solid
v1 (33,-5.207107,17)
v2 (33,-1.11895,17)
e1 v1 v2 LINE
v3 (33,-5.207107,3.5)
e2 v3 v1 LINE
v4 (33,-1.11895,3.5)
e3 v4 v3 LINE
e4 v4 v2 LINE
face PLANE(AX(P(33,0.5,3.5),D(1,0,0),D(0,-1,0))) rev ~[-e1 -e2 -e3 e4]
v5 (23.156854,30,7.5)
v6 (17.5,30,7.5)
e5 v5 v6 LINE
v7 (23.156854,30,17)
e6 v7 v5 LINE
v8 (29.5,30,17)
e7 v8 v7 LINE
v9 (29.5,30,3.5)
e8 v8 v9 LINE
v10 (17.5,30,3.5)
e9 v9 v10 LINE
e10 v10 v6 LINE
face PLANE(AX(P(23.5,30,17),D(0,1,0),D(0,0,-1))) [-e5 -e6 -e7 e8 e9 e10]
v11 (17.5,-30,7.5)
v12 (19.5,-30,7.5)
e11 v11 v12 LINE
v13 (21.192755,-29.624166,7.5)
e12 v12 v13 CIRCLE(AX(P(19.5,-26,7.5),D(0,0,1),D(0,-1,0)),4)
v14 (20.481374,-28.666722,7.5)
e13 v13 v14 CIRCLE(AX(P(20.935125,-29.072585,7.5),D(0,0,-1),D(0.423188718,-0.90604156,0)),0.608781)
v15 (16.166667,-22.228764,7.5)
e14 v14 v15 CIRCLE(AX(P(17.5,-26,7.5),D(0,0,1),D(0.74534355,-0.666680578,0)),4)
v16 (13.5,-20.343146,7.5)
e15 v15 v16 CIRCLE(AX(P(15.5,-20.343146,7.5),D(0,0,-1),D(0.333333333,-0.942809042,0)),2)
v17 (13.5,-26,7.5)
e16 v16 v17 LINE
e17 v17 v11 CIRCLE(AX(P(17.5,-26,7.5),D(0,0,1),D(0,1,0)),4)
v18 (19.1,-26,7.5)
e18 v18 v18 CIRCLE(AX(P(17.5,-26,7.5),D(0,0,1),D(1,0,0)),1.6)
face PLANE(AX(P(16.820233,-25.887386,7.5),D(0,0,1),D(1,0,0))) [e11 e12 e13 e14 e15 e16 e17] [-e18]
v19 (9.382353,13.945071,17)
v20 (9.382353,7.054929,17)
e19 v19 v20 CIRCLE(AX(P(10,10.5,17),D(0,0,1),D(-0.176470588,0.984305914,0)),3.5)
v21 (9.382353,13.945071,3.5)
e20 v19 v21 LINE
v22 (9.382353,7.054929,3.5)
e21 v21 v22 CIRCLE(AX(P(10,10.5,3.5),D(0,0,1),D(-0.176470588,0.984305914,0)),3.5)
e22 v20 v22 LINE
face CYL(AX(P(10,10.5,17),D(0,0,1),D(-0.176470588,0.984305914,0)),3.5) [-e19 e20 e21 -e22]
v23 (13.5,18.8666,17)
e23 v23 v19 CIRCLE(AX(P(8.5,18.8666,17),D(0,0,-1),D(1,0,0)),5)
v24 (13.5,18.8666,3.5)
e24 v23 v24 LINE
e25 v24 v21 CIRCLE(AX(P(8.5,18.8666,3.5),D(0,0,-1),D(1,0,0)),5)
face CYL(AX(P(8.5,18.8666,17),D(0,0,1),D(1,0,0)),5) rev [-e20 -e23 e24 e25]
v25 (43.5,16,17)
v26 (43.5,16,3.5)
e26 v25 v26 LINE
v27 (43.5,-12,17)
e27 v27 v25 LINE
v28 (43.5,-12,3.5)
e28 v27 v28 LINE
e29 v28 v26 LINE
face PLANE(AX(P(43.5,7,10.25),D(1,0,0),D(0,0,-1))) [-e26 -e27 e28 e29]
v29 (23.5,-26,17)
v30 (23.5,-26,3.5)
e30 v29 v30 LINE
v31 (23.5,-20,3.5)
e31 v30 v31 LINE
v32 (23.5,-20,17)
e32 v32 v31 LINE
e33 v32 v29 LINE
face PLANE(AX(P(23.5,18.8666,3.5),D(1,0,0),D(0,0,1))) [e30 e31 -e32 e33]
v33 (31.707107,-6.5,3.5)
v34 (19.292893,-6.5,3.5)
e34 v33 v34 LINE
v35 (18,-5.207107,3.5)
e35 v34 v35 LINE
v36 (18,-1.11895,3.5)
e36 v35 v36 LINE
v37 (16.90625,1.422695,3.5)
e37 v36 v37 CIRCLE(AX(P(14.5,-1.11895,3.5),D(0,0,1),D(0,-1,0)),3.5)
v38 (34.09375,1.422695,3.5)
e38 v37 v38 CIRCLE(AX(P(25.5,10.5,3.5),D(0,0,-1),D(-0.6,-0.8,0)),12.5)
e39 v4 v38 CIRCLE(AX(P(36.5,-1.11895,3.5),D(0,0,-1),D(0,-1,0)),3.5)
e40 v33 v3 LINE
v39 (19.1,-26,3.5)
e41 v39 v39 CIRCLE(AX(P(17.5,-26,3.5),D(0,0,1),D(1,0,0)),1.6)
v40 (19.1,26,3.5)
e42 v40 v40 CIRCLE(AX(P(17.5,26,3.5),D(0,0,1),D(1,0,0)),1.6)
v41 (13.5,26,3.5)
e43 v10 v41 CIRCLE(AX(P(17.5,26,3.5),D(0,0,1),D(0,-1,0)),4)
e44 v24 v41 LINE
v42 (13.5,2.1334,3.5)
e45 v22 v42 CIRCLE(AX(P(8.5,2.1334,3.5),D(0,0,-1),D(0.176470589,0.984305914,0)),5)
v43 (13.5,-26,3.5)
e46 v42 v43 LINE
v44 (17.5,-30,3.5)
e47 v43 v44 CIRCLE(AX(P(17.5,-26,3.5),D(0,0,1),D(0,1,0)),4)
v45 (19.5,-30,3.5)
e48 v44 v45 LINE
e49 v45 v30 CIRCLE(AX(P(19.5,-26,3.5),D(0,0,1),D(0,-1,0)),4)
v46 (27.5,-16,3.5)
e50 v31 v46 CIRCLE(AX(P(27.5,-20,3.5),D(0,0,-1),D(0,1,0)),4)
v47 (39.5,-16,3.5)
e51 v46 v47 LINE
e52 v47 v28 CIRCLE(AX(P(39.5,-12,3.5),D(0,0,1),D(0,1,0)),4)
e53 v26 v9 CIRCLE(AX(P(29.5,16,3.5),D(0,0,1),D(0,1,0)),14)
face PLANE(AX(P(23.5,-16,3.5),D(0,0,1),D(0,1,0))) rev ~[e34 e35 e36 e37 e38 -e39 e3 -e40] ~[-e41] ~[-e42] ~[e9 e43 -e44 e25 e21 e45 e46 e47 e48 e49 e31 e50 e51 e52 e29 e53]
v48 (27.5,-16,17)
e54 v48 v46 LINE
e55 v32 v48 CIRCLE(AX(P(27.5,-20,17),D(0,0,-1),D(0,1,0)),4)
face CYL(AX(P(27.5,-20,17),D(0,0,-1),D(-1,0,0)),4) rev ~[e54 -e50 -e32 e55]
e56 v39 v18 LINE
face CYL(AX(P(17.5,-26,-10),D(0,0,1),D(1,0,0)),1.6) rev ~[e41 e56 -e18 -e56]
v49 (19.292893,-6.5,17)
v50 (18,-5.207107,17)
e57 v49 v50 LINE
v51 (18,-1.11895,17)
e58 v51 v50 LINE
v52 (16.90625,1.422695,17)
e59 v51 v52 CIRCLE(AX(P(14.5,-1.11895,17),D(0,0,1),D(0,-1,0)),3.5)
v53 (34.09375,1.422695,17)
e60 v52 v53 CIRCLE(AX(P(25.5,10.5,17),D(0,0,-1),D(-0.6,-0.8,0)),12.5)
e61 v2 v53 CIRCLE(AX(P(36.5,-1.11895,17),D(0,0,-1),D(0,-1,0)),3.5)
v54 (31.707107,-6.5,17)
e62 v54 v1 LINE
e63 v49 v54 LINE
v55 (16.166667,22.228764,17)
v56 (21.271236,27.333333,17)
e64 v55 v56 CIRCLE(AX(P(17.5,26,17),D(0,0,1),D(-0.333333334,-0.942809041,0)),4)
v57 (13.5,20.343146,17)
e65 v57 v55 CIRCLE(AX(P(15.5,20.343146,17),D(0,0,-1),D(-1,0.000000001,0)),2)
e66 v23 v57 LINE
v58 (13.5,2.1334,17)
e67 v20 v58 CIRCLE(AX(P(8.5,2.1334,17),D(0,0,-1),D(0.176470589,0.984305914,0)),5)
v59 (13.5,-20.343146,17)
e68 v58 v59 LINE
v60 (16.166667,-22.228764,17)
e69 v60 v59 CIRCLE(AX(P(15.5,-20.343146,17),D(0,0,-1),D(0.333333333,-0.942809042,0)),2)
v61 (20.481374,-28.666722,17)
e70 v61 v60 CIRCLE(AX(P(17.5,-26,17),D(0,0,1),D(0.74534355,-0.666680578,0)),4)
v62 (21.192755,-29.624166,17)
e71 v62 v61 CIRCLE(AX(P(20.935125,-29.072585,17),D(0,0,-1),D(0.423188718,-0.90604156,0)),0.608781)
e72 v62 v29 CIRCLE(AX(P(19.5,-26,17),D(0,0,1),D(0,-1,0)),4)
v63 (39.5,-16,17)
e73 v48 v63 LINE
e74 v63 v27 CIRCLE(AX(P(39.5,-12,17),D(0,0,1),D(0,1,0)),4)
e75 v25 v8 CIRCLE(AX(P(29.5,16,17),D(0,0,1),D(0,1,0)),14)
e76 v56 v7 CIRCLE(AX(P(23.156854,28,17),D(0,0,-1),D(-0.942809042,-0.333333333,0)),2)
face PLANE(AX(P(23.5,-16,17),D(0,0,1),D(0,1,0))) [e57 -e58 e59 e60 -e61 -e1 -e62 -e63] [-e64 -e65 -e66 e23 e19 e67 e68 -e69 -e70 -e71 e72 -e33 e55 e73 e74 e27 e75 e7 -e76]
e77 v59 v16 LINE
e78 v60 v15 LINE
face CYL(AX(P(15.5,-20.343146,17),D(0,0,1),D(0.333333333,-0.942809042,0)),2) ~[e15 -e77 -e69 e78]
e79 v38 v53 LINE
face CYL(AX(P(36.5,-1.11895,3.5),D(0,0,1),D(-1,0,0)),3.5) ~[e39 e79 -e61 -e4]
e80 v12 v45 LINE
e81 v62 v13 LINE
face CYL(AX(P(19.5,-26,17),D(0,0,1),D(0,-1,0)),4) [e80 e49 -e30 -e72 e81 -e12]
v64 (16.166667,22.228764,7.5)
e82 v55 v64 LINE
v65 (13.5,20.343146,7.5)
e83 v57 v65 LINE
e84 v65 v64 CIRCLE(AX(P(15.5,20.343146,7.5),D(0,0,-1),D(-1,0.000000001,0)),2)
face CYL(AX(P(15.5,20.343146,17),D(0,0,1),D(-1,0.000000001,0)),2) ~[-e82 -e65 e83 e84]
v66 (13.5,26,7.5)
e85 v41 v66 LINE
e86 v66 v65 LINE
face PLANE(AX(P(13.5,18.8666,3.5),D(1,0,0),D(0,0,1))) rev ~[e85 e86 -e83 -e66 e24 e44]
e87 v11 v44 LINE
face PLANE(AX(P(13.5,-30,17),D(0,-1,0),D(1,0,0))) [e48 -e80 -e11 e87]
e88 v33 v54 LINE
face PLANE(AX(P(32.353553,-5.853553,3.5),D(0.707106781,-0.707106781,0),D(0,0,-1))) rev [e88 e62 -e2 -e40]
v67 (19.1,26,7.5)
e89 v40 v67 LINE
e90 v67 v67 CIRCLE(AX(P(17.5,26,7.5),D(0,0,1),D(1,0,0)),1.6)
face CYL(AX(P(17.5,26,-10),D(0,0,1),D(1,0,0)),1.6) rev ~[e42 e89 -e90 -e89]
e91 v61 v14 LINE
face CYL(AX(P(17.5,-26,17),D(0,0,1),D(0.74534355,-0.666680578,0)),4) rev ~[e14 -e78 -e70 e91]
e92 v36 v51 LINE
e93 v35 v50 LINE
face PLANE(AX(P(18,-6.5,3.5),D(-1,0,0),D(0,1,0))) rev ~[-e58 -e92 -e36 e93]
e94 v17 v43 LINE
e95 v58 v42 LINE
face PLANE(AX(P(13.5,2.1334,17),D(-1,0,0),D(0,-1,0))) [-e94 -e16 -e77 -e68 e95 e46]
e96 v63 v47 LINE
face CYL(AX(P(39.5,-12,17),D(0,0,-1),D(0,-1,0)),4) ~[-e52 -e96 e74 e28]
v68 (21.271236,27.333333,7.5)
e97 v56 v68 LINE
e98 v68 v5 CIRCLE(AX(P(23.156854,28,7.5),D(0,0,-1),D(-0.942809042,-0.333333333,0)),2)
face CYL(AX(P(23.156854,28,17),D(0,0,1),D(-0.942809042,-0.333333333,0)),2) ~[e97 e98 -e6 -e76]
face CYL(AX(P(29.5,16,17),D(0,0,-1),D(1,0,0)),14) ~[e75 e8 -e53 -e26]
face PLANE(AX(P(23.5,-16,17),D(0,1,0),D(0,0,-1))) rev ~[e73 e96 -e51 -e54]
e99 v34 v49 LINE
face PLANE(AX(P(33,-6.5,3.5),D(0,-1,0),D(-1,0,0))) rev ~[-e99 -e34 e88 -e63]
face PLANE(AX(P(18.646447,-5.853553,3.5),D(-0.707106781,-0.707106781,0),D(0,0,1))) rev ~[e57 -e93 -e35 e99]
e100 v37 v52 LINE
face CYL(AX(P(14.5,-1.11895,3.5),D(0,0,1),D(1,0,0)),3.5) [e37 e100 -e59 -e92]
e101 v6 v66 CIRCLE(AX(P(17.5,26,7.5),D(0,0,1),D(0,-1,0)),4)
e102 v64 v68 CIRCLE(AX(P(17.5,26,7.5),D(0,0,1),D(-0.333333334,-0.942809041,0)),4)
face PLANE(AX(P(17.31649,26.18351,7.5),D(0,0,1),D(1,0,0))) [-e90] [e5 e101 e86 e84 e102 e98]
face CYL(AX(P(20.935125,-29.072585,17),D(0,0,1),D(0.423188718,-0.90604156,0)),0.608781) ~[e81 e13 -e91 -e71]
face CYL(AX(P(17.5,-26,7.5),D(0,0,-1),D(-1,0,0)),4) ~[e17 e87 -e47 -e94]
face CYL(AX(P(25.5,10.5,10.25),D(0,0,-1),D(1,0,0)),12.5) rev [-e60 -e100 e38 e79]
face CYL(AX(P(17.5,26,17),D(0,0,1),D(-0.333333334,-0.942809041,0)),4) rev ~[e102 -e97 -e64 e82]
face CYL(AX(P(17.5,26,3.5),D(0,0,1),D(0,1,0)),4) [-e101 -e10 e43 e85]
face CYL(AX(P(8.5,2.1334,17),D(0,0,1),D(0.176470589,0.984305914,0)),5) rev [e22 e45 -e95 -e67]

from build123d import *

# Parameters (mm, degrees)
EXTRUDE_1_DEPTH             = 13.5
CUT_EXTRUDE_1_DEPTH         = 9.5
SKETCH_3_W                  = 10
SKETCH_3_H                  = 13.5
EXTRUDE_2_DEPTH             = 11.133399735
SKETCH_4_W                  = 13.5
SKETCH_4_H                  = 46
EXTRUDE_3_DEPTH             = 20
CUT_EXTRUDE_2_DEPTH         = 9.5
CUT_EXTRUDE_3_DEPTH         = 55.538976888
SKETCH_7_W                  = 12.5
SKETCH_7_H                  = 13.5
HOLE_WIZARD_3_2_3_2_1_D     = 3.2
HOLE_WIZARD_3_2_3_2_1_DEPTH = 13.5
CHAMFER_1_SIZE              = 1.292893219
FILLET_1_R                  = 3.5
FILLET_2_R                  = 4
FILLET_3_R                  = 14


with BuildPart() as part:
    # 草图1 → 凸台-拉伸1 (new body)
    with BuildSketch(Plane.XY.offset(17)):
        with BuildLine():
            Line((13.5, -30), (19.5, -30))
            ThreePointArc((19.5, -30), (22.328427125, -28.828427125), (23.5, -26))
            Line((23.5, -26), (23.5, 18.866600265))
            Line((23.5, 18.866600265), (13.5, 18.866600265))
            ThreePointArc((13.5, 18.866600265), (12.334824944, 15.658155526), (9.382352941, 13.945070697))
            ThreePointArc((9.382352941, 13.945070697), (6.5, 10.5), (9.382352941, 7.054929303))
            ThreePointArc((9.382352941, 7.054929303), (12.334824944, 5.341844474), (13.5, 2.133399735))
            Line((13.5, 2.133399735), (13.5, -30))
        make_face()
    extrude(amount=-EXTRUDE_1_DEPTH)

    # 草图2 → 切除-拉伸1 (cut)
    with BuildSketch(Plane.XY.offset(17)):
        with BuildLine():
            Line((13.5, -20.343145751), (13.5, -30))
            Line((13.5, -30), (19.5, -30))
            ThreePointArc((19.5, -30), (20.366987609, -29.904911329), (21.192754868, -29.624166243))
            ThreePointArc((21.192754868, -29.624166243), (20.446463344, -29.435660891), (20.481374199, -28.666722312))
            ThreePointArc((20.481374199, -28.666722312), (20.822775499, -23.773082178), (16.166666667, -22.228763834))
            ThreePointArc((16.166666667, -22.228763834), (14.345299462, -21.976138912), (13.5, -20.343145751))
        make_face()
    extrude(amount=-CUT_EXTRUDE_1_DEPTH, mode=Mode.SUBTRACT)

    # 草图3 → 凸台-拉伸2 (add)
    with BuildSketch(Plane(origin=(0, 18.866600265, 0), x_dir=(-1, 0, 0), z_dir=(0, 1, 0))):
        with Locations((-18.5, 10.25)):
            Rectangle(SKETCH_3_W, SKETCH_3_H)
    extrude(amount=EXTRUDE_2_DEPTH)

    # 草图4 → 凸台-拉伸3 (add)
    with BuildSketch(Plane(origin=(23.5, 0, 0), x_dir=(0, 0, -1), z_dir=(1, 0, 0))):
        with Locations((-10.25, 7)):
            Rectangle(SKETCH_4_W, SKETCH_4_H)
    extrude(amount=EXTRUDE_3_DEPTH)

    # 草图5 → 切除-拉伸2 (cut)
    with BuildSketch(Plane.XY.offset(17)):
        with BuildLine():
            Line((23.156854249, 30), (13.5, 30))
            Line((13.5, 30), (13.5, 20.343145751))
            ThreePointArc((13.5, 20.343145751), (14.345299462, 21.976138912), (16.166666667, 22.228763834))
            ThreePointArc((16.166666667, 22.228763834), (20.328427125, 23.171572875), (21.271236166, 27.333333333))
            ThreePointArc((21.271236166, 27.333333333), (21.523861088, 29.154700538), (23.156854249, 30))
        make_face()
    extrude(amount=-CUT_EXTRUDE_2_DEPTH, mode=Mode.SUBTRACT)

    # 草图6 → 切除-拉伸3 (cut, through all)
    with BuildSketch(Plane(origin=(0, 0, 3.5), x_dir=(-1, 0, 0), z_dir=(0, 0, -1))):
        with BuildLine():
            Line((-33, -6.5), (-18, -6.5))
            Line((-18, -6.5), (-18, 0.5))
            ThreePointArc((-18, 0.5), (-25.5, -2), (-33, 0.5))
            Line((-33, 0.5), (-33, -6.5))
        make_face()
    extrude(amount=-CUT_EXTRUDE_3_DEPTH, mode=Mode.SUBTRACT)

    # 草图7 → 切除-旋转1 (revolve, cut)
    with BuildSketch(Plane(origin=(0, 10.5, 0), x_dir=(1, 0, 0), z_dir=(0, 1, 0))):
        with Locations((31.75, -10.25)):
            Rectangle(SKETCH_7_W, SKETCH_7_H)
    revolve(axis=Axis((25.5, 10.5, 3.5), (0, 0, 1)), mode=Mode.SUBTRACT)

    # Ø3.2 (3.2) 直径孔1
    with Locations(Plane(origin=(0, 0, 3.5), x_dir=(-1, 0, 0), z_dir=(0, 0, -1))):
        with Locations((-17.5, 26), (-17.5, -26)):
            Hole(HOLE_WIZARD_3_2_3_2_1_D / 2, depth=HOLE_WIZARD_3_2_3_2_1_DEPTH)

    # 倒角1
    chamfer_1_edges = [part.edges().sort_by_distance(p)[0] for p in [
        (33, -6.5, 10.25),
        (18, -6.5, 10.25),
    ]]
    chamfer(chamfer_1_edges, length=CHAMFER_1_SIZE)

    # 圆角1
    fillet_1_edges = [part.edges().sort_by_distance(p)[0] for p in [
        (33, 0.5, 10.25),
        (18, 0.5, 10.25),
    ]]
    fillet(fillet_1_edges, radius=FILLET_1_R)

    # 圆角2
    fillet_2_edges = [part.edges().sort_by_distance(p)[0] for p in [
        (13.5, -30, 5.5),
        (13.5, 30, 5.5),
        (23.5, -16, 10.25),
        (43.5, -16, 10.25),
    ]]
    fillet(fillet_2_edges, radius=FILLET_2_R)

    # 圆角3
    fillet_3_edges = [part.edges().sort_by_distance(p)[0] for p in [
        (43.5, 30, 10.25),
    ]]
    fillet(fillet_3_edges, radius=FILLET_3_R)


solid = part.part
